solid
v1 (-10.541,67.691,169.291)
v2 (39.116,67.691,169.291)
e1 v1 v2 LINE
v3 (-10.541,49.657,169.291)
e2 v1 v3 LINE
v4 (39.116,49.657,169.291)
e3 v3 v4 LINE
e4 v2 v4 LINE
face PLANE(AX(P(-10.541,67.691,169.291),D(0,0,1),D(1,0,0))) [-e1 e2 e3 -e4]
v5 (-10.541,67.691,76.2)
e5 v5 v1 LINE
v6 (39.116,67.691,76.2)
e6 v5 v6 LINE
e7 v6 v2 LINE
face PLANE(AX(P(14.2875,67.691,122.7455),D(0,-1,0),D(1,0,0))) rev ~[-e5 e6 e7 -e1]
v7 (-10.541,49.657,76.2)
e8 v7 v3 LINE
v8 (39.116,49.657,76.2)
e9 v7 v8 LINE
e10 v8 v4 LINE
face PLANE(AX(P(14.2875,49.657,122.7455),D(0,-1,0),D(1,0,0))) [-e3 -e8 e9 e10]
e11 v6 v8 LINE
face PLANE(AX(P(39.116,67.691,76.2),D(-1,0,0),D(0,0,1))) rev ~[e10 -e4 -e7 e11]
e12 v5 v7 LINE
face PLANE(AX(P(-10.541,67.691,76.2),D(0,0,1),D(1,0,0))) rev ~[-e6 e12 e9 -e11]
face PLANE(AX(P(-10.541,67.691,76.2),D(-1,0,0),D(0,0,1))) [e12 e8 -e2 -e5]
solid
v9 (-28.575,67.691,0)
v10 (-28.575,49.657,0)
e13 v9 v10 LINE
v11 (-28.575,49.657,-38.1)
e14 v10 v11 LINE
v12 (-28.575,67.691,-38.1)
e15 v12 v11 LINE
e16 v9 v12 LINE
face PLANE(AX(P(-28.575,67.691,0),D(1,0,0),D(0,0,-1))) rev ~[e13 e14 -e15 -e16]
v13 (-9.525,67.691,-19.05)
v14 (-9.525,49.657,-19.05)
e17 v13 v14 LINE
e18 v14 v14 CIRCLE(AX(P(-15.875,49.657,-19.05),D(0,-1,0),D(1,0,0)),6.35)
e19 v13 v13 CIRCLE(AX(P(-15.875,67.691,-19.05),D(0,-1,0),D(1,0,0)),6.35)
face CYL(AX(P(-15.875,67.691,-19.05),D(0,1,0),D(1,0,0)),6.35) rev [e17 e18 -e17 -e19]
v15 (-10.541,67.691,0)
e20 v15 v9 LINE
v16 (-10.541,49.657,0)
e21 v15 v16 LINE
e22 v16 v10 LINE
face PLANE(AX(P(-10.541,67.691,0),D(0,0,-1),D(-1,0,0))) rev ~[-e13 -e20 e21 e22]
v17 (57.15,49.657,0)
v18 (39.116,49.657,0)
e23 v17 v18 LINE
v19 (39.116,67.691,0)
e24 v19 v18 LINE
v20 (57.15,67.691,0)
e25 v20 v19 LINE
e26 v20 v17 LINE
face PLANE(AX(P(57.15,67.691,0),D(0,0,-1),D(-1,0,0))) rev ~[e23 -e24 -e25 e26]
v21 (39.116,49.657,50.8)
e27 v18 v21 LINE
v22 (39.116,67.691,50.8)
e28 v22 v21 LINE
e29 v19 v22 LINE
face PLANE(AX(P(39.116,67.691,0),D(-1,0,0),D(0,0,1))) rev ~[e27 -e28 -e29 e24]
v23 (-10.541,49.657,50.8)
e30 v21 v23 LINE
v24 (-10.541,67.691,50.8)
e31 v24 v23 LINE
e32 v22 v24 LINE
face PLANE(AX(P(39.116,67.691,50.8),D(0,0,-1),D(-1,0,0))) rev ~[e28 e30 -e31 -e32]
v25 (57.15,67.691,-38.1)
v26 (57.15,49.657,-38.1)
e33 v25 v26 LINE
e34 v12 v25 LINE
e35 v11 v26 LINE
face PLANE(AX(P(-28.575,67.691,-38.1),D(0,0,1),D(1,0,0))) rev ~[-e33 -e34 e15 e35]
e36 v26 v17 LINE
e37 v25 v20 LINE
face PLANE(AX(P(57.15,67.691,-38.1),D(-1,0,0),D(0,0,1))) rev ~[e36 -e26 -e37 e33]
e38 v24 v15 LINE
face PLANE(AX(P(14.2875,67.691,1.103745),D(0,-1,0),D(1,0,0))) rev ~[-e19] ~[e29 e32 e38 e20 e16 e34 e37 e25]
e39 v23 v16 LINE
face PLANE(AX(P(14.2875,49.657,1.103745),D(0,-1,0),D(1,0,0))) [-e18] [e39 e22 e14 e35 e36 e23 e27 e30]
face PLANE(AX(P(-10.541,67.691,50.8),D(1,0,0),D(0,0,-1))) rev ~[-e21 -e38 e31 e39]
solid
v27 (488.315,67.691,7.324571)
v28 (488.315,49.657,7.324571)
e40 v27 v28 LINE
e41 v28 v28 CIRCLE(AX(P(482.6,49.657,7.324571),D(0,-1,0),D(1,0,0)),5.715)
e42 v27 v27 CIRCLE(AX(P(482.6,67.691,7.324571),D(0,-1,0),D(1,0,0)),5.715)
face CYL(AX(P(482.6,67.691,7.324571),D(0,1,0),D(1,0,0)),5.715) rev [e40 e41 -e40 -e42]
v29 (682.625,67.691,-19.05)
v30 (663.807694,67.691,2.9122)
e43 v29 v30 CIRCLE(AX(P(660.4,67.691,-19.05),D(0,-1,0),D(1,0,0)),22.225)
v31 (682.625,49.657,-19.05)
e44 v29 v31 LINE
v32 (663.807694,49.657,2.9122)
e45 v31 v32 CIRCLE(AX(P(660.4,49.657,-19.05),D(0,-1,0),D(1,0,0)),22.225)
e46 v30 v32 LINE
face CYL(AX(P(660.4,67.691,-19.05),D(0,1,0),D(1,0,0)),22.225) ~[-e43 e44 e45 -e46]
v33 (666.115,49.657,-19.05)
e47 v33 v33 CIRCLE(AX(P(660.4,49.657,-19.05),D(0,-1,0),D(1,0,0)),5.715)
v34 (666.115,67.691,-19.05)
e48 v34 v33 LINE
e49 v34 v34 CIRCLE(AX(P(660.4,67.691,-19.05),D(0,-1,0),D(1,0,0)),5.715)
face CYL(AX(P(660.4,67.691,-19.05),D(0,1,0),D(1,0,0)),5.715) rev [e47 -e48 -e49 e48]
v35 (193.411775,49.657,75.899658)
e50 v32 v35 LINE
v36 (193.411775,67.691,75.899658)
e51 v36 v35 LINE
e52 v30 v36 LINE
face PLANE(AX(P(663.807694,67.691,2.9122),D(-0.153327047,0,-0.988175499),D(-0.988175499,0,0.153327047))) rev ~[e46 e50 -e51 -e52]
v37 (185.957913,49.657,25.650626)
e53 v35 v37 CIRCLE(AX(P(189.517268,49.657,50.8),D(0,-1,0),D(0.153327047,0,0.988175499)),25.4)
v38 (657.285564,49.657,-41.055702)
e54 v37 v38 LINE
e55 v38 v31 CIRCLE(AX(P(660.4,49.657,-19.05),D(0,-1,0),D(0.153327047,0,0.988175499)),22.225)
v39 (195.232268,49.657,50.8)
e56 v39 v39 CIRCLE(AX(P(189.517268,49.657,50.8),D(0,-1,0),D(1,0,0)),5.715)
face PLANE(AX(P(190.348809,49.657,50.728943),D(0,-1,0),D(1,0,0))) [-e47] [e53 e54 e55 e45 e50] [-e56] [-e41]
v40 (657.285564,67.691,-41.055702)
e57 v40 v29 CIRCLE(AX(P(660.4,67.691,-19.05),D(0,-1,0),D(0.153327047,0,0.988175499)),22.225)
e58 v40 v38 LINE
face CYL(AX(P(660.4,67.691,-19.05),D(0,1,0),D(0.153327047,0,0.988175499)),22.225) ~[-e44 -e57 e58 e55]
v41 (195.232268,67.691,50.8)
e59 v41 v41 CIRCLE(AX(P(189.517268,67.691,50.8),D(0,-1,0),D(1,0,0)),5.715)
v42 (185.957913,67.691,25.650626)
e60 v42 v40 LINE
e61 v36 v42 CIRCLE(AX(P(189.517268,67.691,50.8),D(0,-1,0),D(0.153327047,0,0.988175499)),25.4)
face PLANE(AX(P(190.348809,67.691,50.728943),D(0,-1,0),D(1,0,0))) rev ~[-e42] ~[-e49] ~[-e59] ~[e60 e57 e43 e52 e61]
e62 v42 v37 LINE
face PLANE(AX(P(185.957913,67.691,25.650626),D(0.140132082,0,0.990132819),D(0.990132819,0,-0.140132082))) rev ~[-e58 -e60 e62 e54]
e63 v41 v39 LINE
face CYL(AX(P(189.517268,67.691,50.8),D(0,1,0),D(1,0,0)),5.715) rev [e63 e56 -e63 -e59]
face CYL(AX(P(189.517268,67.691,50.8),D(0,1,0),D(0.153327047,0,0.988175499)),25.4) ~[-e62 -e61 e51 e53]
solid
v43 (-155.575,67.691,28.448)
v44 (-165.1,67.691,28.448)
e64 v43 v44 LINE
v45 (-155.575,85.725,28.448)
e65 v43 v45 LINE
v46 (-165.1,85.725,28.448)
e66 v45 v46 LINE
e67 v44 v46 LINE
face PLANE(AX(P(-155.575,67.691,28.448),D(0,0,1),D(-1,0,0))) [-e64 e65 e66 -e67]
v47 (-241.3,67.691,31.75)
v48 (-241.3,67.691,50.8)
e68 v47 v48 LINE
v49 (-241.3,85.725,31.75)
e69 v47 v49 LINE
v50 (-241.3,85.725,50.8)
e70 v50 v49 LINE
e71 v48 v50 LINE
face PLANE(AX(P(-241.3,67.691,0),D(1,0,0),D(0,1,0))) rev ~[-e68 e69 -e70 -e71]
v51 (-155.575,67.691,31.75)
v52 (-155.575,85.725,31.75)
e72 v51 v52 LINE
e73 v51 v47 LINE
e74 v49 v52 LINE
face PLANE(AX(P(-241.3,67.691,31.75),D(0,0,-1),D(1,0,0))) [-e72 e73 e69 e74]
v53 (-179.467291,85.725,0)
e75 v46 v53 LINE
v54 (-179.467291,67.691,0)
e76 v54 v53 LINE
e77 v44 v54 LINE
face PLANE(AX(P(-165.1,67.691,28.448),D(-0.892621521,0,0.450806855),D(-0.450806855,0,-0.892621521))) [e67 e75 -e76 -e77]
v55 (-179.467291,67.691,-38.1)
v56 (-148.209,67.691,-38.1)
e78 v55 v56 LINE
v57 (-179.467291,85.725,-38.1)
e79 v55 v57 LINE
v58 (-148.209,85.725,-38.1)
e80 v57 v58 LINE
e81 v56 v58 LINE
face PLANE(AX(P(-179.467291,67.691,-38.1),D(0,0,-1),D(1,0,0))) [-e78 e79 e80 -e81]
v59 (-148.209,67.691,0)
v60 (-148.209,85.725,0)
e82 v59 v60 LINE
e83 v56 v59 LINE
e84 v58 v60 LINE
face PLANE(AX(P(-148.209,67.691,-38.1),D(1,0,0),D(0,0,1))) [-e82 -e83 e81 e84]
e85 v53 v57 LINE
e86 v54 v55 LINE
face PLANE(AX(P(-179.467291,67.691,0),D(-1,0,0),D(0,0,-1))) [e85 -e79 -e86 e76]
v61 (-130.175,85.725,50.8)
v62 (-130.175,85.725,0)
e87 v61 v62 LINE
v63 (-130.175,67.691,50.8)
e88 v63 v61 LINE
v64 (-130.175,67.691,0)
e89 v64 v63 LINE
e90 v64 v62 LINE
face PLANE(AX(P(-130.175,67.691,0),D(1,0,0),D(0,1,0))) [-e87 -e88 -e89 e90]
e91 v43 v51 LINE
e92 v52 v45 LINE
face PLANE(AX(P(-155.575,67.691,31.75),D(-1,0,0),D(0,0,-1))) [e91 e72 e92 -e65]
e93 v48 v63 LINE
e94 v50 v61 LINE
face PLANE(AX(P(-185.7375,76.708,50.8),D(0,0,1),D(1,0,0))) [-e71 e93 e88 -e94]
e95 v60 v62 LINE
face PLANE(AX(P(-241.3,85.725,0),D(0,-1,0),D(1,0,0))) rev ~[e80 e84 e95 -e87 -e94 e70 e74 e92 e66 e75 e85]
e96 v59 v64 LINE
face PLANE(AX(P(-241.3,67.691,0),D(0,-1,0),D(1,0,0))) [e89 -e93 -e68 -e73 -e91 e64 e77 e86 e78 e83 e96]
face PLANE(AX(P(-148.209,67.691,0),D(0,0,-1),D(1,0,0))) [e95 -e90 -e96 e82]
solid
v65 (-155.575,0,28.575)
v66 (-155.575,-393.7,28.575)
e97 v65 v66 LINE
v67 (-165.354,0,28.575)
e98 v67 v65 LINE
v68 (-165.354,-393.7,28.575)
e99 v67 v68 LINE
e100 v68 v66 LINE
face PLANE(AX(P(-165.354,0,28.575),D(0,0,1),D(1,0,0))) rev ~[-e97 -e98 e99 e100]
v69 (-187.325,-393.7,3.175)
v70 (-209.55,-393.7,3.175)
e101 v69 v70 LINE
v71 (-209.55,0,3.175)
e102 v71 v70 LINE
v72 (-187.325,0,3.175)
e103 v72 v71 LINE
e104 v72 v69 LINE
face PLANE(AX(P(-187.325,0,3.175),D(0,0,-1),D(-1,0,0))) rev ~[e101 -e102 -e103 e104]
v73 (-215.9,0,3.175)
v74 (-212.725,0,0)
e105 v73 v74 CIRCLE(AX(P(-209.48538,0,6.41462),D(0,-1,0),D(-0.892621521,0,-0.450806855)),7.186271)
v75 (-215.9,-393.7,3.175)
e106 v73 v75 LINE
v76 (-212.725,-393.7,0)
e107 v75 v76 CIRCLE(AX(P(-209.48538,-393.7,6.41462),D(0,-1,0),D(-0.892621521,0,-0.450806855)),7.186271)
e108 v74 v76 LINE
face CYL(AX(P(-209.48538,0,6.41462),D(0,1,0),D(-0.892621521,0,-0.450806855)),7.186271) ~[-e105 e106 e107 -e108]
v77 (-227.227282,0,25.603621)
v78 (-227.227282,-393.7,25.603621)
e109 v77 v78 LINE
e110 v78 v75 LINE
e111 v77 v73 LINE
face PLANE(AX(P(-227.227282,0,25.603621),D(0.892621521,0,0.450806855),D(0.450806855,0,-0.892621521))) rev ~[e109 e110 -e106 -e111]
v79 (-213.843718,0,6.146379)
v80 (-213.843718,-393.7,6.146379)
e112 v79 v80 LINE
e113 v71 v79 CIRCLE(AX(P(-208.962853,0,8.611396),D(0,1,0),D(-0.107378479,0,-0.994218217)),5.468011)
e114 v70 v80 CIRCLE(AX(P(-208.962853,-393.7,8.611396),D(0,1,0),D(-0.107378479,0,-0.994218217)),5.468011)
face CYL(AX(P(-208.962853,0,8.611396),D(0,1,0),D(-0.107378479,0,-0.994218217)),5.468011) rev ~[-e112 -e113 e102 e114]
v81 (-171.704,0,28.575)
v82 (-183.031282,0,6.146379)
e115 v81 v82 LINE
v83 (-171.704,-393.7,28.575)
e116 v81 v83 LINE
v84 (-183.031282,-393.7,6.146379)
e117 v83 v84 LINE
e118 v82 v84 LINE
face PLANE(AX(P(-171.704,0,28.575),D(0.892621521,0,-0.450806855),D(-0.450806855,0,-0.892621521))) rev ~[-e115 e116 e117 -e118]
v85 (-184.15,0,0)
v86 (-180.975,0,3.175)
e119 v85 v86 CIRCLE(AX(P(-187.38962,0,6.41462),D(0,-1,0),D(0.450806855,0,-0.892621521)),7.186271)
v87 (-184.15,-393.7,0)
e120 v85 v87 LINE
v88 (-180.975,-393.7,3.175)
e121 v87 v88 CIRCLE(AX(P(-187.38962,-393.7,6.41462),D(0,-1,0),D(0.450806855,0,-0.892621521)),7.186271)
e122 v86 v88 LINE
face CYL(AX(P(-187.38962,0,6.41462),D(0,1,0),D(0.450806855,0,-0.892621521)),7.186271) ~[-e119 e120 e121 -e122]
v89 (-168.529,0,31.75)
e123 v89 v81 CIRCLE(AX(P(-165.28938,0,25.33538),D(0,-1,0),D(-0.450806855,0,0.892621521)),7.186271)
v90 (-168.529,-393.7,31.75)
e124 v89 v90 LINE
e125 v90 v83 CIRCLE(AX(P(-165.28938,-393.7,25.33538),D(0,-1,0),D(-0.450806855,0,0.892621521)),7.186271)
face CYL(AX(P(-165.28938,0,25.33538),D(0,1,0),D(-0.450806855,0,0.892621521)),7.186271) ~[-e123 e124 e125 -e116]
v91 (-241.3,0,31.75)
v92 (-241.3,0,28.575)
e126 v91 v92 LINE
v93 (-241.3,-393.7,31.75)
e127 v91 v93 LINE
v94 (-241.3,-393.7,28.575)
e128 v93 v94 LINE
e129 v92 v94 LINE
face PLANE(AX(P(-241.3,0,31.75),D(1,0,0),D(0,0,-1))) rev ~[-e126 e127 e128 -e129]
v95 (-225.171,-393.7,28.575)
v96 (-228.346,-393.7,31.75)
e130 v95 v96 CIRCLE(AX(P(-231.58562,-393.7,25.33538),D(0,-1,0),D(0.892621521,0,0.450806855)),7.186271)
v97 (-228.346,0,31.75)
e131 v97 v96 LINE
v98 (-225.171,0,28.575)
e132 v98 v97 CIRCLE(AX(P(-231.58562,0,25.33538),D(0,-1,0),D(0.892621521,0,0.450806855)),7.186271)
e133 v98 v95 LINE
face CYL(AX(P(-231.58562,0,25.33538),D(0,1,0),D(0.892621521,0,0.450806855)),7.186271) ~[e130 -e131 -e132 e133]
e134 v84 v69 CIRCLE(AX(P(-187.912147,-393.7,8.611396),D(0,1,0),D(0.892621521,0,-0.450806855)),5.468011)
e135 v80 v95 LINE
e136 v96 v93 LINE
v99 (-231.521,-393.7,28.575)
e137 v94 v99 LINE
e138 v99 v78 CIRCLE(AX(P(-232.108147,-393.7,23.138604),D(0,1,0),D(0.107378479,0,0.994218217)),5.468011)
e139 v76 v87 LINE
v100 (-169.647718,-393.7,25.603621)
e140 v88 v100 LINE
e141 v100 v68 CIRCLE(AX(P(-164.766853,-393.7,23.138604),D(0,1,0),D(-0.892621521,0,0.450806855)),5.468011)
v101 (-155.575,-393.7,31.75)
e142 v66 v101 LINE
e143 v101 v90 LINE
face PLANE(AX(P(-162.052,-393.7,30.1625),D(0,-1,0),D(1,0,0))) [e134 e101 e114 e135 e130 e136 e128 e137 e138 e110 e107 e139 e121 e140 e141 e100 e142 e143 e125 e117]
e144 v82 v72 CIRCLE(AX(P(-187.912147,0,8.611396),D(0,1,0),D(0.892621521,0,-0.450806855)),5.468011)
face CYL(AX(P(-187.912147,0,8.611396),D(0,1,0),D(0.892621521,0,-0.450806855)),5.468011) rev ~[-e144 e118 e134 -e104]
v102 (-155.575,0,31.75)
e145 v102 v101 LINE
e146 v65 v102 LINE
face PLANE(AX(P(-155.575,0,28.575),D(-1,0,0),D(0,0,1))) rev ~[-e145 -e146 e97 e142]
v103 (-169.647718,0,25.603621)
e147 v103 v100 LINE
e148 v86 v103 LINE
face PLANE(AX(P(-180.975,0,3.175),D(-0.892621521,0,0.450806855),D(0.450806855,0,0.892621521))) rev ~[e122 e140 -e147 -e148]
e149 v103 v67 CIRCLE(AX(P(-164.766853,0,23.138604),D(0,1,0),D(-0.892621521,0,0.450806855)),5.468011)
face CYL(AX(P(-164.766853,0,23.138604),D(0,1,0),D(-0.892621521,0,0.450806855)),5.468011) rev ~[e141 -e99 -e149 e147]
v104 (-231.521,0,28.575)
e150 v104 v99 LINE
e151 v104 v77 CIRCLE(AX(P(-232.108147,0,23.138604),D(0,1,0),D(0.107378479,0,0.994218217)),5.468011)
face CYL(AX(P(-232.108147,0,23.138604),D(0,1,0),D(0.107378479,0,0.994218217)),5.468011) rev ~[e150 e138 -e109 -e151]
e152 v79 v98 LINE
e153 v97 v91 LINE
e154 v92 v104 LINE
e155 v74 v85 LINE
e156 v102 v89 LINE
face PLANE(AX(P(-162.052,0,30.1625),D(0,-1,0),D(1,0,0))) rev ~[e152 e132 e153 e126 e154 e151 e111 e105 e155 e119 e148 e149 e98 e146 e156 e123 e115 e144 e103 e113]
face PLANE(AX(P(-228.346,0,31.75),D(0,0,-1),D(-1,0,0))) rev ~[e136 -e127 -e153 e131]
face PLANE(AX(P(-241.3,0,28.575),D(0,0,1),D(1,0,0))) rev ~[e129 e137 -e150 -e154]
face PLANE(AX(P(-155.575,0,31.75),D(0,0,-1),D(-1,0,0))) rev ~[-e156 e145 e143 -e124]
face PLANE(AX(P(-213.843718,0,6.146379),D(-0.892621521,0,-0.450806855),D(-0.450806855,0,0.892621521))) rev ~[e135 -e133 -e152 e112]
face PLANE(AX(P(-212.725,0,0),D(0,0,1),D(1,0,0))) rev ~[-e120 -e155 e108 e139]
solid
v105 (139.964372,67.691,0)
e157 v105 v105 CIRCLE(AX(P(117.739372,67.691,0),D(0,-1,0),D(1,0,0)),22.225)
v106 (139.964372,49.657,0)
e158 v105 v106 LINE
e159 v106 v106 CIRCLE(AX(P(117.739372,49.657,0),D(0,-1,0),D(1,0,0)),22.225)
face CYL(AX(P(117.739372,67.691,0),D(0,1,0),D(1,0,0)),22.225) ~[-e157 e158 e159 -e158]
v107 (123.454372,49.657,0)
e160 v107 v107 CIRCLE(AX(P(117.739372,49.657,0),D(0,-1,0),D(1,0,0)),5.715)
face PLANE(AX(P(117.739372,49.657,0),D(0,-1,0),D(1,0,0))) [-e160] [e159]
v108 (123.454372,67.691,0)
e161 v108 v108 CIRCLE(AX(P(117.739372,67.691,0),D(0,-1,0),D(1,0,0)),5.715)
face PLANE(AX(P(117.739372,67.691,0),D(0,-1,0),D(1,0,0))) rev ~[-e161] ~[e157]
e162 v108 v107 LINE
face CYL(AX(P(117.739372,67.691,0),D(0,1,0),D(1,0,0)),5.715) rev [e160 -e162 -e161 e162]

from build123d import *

# Parameters (mm, degrees)
F0_W          = 12.954
F0_H          = 85.725
F0_W_2        = 5.334
F0_H_2        = 9.525
F0_W_3        = 15.621
F0_W_4        = 28.575
F1_DEPTH      = 31.75
F3_DEPTH      = 85.726
F4_W          = 111.125
F4_H          = 18.034
F5_DEPTH      = 50.8
F5_DEPTH_BACK = 38.1
F7_DEPTH      = 18.034
F6_R          = 6.35
F8_DEPTH      = 18.034
F6_W          = 49.657
F6_H          = 93.091
F6_R_2        = 5.715
F6_R_3        = 22.225
F9_DEPTH      = 393.7


with BuildPart() as f1:
    # F0 (on Top) → F1 (new body)
    with BuildSketch(Plane.XY):
        with Locations((-234.823, 42.8625)):
            Rectangle(F0_W, F0_H)
        with Locations((-233.8705, 47.625)):
            Rectangle(F0_W_2, F0_H_2, mode=Mode.SUBTRACT)
        with Locations((-220.5355, 42.8625)):
            Rectangle(F0_W_3, F0_H)
        with Locations((-198.4375, 42.8625)):
            Rectangle(F0_W_4, F0_H)
        with Locations((-169.8625, 42.8625)):
            Rectangle(F0_W_4, F0_H)
        with Locations((-163.0045, 47.625)):
            Rectangle(F0_W_2, F0_H_2, mode=Mode.SUBTRACT)
    extrude(amount=F1_DEPTH)

    # F2 (on face) → F3 (intersect, through all)
    with BuildSketch(Plane.XZ):
        Polygon((-241.3, 31.75), (-241.3, 28.575), (-231.521, 28.575), (-228.346, 28.575), (-228.346, 31.75), align=None)
        with BuildLine():
            Line((-228.346, 31.75), (-228.346, 28.575))
            Line((-228.346, 28.575), (-225.171, 28.575))
            ThreePointArc((-225.171, 28.575), (-226.5041592272, 30.4168407728), (-228.346, 31.75))
        make_face()
        with BuildLine():
            Line((-227.2272822536, 25.603620589), (-215.9, 3.175))
            Line((-215.9, 3.175), (-212.725, 3.175))
            Line((-212.725, 3.175), (-209.55, 3.175))
            ThreePointArc((-209.55, 3.175), (-212.0744542312, 4.1150549462), (-213.8437177464, 6.146379411))
            Line((-213.8437177464, 6.146379411), (-225.171, 28.575))
            Line((-225.171, 28.575), (-228.346, 28.575))
            Line((-228.346, 28.575), (-231.521, 28.575))
            ThreePointArc((-231.521, 28.575), (-228.9965457688, 27.6349450538), (-227.2272822536, 25.603620589))
        make_face()
        Polygon((-209.55, 3.175), (-212.725, 3.175), (-212.725, 0), (-184.15, 0), (-184.15, 3.175), (-187.325, 3.175), align=None)
        with BuildLine():
            Line((-212.725, 3.175), (-215.9, 3.175))
            ThreePointArc((-215.9, 3.175), (-214.5668407728, 1.3331592272), (-212.725, 0))
            Line((-212.725, 0), (-212.725, 3.175))
        make_face()
        with BuildLine():
            Line((-184.15, 3.175), (-184.15, 0))
            ThreePointArc((-184.15, 0), (-182.3081592272, 1.3331592272), (-180.975, 3.175))
            Line((-180.975, 3.175), (-184.15, 3.175))
        make_face()
        with BuildLine():
            ThreePointArc((-183.0312822536, 6.146379411), (-184.8005457688, 4.1150549462), (-187.325, 3.175))
            Line((-187.325, 3.175), (-184.15, 3.175))
            Line((-184.15, 3.175), (-180.975, 3.175))
            Line((-180.975, 3.175), (-169.6477177464, 25.603620589))
            ThreePointArc((-169.6477177464, 25.603620589), (-167.8784542312, 27.6349450538), (-165.354, 28.575))
            Line((-165.354, 28.575), (-168.529, 28.575))
            Line((-168.529, 28.575), (-171.704, 28.575))
            Line((-171.704, 28.575), (-183.0312822536, 6.146379411))
        make_face()
        with BuildLine():
            Line((-168.529, 28.575), (-168.529, 31.75))
            ThreePointArc((-168.529, 31.75), (-170.3708407728, 30.4168407728), (-171.704, 28.575))
            Line((-171.704, 28.575), (-168.529, 28.575))
        make_face()
        Polygon((-155.575, 31.75), (-168.529, 31.75), (-168.529, 28.575), (-165.354, 28.575), (-155.575, 28.575), align=None)
    extrude(amount=-F3_DEPTH, mode=Mode.INTERSECT)

    # F4 (on Top) → F5 (join, two sides)
    with BuildSketch(Plane.XY) as f5_sk:
        with Locations((-185.7375, 76.708)):
            Rectangle(F4_W, F4_H)
    extrude(amount=F5_DEPTH)
    extrude(f5_sk.sketch, amount=-F5_DEPTH_BACK)

    # F6 (on face) → F7 (intersect)
    with BuildSketch(Plane.XZ.offset(-67.691)):
        Polygon((-241.3, 50.8), (-241.3, 31.75), (-228.346, 31.75), (-168.529, 31.75), (-155.575, 31.75), (-155.575, 28.575), (-155.575, 28.448), (-165.1, 28.448), (-179.4672913041, 0), (-179.4672913041, -38.1), (-148.209, -38.1), (-148.209, 0), (-130.175, 0), (-130.175, 50.8), align=None)
    extrude(amount=-F7_DEPTH, mode=Mode.INTERSECT)


with BuildPart() as f8:
    # F6 (on face) → F8 (new body)
    with BuildSketch(Plane.XZ.offset(-67.691)):
        Polygon((39.116, 50.8), (-10.541, 50.8), (-10.541, 0), (-28.575, 0), (-28.575, -38.1), (57.15, -38.1), (57.15, 0), (39.116, 0), align=None)
        with Locations((-15.875, -19.05)):
            Circle(F6_R, mode=Mode.SUBTRACT)
    extrude(amount=F8_DEPTH)


with BuildPart() as f8b:
    # F6 (on face) → F8, piece 2 (new body)
    with BuildSketch(Plane.XZ.offset(-67.691)):
        with Locations((14.2875, 122.7455)):
            Rectangle(F6_W, F6_H)
    extrude(amount=F8_DEPTH)


with BuildPart() as f8c:
    # F6 (on face) → F8, piece 3 (new body)
    with BuildSketch(Plane.XZ.offset(-67.691)):
        with BuildLine():
            ThreePointArc((214.9172682286, 50.8), (208.8056128627, 67.3263353856), (193.4117752147, 75.8996576737))
            ThreePointArc((193.4117752147, 75.8996576737), (164.3921937427, 54.5270138283), (185.9579133544, 25.6506263919))
            ThreePointArc((185.9579133544, 25.6506263919), (206.1718829974, 31.6223096567), (214.9172682286, 50.8))
        make_face()
        with Locations((189.5172682286, 50.8)):
            Circle(F6_R_2, mode=Mode.SUBTRACT)
        with BuildLine():
            ThreePointArc((657.285564485, -41.0557019071), (638.4155598248, -15.7888629002), (663.8076936128, 2.9122004645))
            Line((663.8076936128, 2.9122004645), (193.4117752147, 75.8996576737))
            ThreePointArc((193.4117752147, 75.8996576737), (208.8056128627, 67.3263353856), (214.9172682286, 50.8))
            ThreePointArc((214.9172682286, 50.8), (206.1718829974, 31.6223096567), (185.9579133544, 25.6506263919))
            Line((185.9579133544, 25.6506263919), (657.285564485, -41.0557019071))
        make_face()
        with Locations((482.6, 7.3245709113)):
            Circle(F6_R_2, mode=Mode.SUBTRACT)
        with BuildLine():
            ThreePointArc((657.285564485, -41.0557019071), (674.9727879227, -35.8304790504), (682.625, -19.05))
            ThreePointArc((682.625, -19.05), (677.2773015548, -4.5894565376), (663.8076936128, 2.9122004645))
            ThreePointArc((663.8076936128, 2.9122004645), (638.4155598248, -15.7888629002), (657.285564485, -41.0557019071))
        make_face()
        with Locations((660.4, -19.05)):
            Circle(F6_R_2, mode=Mode.SUBTRACT)
    extrude(amount=F8_DEPTH)


with BuildPart() as f8d:
    # F6 (on face) → F8, piece 4 (new body)
    with BuildSketch(Plane.XZ.offset(-67.691)):
        with Locations((117.7393719554, 0)):
            Circle(F6_R_3)
        with Locations((117.7393719554, 0)):
            Circle(F6_R_2, mode=Mode.SUBTRACT)
    extrude(amount=F8_DEPTH)


with BuildPart() as f9:
    # F2 (on face) → F9 (new body)
    with BuildSketch(Plane.XZ):
        Polygon((-155.575, 31.75), (-168.529, 31.75), (-168.529, 28.575), (-165.354, 28.575), (-155.575, 28.575), align=None)
        with BuildLine():
            Line((-168.529, 28.575), (-168.529, 31.75))
            ThreePointArc((-168.529, 31.75), (-170.3708407728, 30.4168407728), (-171.704, 28.575))
            Line((-171.704, 28.575), (-168.529, 28.575))
        make_face()
        with BuildLine():
            ThreePointArc((-183.0312822536, 6.146379411), (-184.8005457688, 4.1150549462), (-187.325, 3.175))
            Line((-187.325, 3.175), (-184.15, 3.175))
            Line((-184.15, 3.175), (-180.975, 3.175))
            Line((-180.975, 3.175), (-169.6477177464, 25.603620589))
            ThreePointArc((-169.6477177464, 25.603620589), (-167.8784542312, 27.6349450538), (-165.354, 28.575))
            Line((-165.354, 28.575), (-168.529, 28.575))
            Line((-168.529, 28.575), (-171.704, 28.575))
            Line((-171.704, 28.575), (-183.0312822536, 6.146379411))
        make_face()
        Polygon((-241.3, 31.75), (-241.3, 28.575), (-231.521, 28.575), (-228.346, 28.575), (-228.346, 31.75), align=None)
        with BuildLine():
            Line((-228.346, 31.75), (-228.346, 28.575))
            Line((-228.346, 28.575), (-225.171, 28.575))
            ThreePointArc((-225.171, 28.575), (-226.5041592272, 30.4168407728), (-228.346, 31.75))
        make_face()
        Polygon((-209.55, 3.175), (-212.725, 3.175), (-212.725, 0), (-184.15, 0), (-184.15, 3.175), (-187.325, 3.175), align=None)
        with BuildLine():
            Line((-184.15, 3.175), (-184.15, 0))
            ThreePointArc((-184.15, 0), (-182.3081592272, 1.3331592272), (-180.975, 3.175))
            Line((-180.975, 3.175), (-184.15, 3.175))
        make_face()
        with BuildLine():
            Line((-212.725, 3.175), (-215.9, 3.175))
            ThreePointArc((-215.9, 3.175), (-214.5668407728, 1.3331592272), (-212.725, 0))
            Line((-212.725, 0), (-212.725, 3.175))
        make_face()
        with BuildLine():
            Line((-227.2272822536, 25.603620589), (-215.9, 3.175))
            Line((-215.9, 3.175), (-212.725, 3.175))
            Line((-212.725, 3.175), (-209.55, 3.175))
            ThreePointArc((-209.55, 3.175), (-212.0744542312, 4.1150549462), (-213.8437177464, 6.146379411))
            Line((-213.8437177464, 6.146379411), (-225.171, 28.575))
            Line((-225.171, 28.575), (-228.346, 28.575))
            Line((-228.346, 28.575), (-231.521, 28.575))
            ThreePointArc((-231.521, 28.575), (-228.9965457688, 27.6349450538), (-227.2272822536, 25.603620589))
        make_face()
    extrude(amount=F9_DEPTH)


solid = Compound([f1.part, f8.part, f8b.part, f8c.part, f8d.part, f9.part])
